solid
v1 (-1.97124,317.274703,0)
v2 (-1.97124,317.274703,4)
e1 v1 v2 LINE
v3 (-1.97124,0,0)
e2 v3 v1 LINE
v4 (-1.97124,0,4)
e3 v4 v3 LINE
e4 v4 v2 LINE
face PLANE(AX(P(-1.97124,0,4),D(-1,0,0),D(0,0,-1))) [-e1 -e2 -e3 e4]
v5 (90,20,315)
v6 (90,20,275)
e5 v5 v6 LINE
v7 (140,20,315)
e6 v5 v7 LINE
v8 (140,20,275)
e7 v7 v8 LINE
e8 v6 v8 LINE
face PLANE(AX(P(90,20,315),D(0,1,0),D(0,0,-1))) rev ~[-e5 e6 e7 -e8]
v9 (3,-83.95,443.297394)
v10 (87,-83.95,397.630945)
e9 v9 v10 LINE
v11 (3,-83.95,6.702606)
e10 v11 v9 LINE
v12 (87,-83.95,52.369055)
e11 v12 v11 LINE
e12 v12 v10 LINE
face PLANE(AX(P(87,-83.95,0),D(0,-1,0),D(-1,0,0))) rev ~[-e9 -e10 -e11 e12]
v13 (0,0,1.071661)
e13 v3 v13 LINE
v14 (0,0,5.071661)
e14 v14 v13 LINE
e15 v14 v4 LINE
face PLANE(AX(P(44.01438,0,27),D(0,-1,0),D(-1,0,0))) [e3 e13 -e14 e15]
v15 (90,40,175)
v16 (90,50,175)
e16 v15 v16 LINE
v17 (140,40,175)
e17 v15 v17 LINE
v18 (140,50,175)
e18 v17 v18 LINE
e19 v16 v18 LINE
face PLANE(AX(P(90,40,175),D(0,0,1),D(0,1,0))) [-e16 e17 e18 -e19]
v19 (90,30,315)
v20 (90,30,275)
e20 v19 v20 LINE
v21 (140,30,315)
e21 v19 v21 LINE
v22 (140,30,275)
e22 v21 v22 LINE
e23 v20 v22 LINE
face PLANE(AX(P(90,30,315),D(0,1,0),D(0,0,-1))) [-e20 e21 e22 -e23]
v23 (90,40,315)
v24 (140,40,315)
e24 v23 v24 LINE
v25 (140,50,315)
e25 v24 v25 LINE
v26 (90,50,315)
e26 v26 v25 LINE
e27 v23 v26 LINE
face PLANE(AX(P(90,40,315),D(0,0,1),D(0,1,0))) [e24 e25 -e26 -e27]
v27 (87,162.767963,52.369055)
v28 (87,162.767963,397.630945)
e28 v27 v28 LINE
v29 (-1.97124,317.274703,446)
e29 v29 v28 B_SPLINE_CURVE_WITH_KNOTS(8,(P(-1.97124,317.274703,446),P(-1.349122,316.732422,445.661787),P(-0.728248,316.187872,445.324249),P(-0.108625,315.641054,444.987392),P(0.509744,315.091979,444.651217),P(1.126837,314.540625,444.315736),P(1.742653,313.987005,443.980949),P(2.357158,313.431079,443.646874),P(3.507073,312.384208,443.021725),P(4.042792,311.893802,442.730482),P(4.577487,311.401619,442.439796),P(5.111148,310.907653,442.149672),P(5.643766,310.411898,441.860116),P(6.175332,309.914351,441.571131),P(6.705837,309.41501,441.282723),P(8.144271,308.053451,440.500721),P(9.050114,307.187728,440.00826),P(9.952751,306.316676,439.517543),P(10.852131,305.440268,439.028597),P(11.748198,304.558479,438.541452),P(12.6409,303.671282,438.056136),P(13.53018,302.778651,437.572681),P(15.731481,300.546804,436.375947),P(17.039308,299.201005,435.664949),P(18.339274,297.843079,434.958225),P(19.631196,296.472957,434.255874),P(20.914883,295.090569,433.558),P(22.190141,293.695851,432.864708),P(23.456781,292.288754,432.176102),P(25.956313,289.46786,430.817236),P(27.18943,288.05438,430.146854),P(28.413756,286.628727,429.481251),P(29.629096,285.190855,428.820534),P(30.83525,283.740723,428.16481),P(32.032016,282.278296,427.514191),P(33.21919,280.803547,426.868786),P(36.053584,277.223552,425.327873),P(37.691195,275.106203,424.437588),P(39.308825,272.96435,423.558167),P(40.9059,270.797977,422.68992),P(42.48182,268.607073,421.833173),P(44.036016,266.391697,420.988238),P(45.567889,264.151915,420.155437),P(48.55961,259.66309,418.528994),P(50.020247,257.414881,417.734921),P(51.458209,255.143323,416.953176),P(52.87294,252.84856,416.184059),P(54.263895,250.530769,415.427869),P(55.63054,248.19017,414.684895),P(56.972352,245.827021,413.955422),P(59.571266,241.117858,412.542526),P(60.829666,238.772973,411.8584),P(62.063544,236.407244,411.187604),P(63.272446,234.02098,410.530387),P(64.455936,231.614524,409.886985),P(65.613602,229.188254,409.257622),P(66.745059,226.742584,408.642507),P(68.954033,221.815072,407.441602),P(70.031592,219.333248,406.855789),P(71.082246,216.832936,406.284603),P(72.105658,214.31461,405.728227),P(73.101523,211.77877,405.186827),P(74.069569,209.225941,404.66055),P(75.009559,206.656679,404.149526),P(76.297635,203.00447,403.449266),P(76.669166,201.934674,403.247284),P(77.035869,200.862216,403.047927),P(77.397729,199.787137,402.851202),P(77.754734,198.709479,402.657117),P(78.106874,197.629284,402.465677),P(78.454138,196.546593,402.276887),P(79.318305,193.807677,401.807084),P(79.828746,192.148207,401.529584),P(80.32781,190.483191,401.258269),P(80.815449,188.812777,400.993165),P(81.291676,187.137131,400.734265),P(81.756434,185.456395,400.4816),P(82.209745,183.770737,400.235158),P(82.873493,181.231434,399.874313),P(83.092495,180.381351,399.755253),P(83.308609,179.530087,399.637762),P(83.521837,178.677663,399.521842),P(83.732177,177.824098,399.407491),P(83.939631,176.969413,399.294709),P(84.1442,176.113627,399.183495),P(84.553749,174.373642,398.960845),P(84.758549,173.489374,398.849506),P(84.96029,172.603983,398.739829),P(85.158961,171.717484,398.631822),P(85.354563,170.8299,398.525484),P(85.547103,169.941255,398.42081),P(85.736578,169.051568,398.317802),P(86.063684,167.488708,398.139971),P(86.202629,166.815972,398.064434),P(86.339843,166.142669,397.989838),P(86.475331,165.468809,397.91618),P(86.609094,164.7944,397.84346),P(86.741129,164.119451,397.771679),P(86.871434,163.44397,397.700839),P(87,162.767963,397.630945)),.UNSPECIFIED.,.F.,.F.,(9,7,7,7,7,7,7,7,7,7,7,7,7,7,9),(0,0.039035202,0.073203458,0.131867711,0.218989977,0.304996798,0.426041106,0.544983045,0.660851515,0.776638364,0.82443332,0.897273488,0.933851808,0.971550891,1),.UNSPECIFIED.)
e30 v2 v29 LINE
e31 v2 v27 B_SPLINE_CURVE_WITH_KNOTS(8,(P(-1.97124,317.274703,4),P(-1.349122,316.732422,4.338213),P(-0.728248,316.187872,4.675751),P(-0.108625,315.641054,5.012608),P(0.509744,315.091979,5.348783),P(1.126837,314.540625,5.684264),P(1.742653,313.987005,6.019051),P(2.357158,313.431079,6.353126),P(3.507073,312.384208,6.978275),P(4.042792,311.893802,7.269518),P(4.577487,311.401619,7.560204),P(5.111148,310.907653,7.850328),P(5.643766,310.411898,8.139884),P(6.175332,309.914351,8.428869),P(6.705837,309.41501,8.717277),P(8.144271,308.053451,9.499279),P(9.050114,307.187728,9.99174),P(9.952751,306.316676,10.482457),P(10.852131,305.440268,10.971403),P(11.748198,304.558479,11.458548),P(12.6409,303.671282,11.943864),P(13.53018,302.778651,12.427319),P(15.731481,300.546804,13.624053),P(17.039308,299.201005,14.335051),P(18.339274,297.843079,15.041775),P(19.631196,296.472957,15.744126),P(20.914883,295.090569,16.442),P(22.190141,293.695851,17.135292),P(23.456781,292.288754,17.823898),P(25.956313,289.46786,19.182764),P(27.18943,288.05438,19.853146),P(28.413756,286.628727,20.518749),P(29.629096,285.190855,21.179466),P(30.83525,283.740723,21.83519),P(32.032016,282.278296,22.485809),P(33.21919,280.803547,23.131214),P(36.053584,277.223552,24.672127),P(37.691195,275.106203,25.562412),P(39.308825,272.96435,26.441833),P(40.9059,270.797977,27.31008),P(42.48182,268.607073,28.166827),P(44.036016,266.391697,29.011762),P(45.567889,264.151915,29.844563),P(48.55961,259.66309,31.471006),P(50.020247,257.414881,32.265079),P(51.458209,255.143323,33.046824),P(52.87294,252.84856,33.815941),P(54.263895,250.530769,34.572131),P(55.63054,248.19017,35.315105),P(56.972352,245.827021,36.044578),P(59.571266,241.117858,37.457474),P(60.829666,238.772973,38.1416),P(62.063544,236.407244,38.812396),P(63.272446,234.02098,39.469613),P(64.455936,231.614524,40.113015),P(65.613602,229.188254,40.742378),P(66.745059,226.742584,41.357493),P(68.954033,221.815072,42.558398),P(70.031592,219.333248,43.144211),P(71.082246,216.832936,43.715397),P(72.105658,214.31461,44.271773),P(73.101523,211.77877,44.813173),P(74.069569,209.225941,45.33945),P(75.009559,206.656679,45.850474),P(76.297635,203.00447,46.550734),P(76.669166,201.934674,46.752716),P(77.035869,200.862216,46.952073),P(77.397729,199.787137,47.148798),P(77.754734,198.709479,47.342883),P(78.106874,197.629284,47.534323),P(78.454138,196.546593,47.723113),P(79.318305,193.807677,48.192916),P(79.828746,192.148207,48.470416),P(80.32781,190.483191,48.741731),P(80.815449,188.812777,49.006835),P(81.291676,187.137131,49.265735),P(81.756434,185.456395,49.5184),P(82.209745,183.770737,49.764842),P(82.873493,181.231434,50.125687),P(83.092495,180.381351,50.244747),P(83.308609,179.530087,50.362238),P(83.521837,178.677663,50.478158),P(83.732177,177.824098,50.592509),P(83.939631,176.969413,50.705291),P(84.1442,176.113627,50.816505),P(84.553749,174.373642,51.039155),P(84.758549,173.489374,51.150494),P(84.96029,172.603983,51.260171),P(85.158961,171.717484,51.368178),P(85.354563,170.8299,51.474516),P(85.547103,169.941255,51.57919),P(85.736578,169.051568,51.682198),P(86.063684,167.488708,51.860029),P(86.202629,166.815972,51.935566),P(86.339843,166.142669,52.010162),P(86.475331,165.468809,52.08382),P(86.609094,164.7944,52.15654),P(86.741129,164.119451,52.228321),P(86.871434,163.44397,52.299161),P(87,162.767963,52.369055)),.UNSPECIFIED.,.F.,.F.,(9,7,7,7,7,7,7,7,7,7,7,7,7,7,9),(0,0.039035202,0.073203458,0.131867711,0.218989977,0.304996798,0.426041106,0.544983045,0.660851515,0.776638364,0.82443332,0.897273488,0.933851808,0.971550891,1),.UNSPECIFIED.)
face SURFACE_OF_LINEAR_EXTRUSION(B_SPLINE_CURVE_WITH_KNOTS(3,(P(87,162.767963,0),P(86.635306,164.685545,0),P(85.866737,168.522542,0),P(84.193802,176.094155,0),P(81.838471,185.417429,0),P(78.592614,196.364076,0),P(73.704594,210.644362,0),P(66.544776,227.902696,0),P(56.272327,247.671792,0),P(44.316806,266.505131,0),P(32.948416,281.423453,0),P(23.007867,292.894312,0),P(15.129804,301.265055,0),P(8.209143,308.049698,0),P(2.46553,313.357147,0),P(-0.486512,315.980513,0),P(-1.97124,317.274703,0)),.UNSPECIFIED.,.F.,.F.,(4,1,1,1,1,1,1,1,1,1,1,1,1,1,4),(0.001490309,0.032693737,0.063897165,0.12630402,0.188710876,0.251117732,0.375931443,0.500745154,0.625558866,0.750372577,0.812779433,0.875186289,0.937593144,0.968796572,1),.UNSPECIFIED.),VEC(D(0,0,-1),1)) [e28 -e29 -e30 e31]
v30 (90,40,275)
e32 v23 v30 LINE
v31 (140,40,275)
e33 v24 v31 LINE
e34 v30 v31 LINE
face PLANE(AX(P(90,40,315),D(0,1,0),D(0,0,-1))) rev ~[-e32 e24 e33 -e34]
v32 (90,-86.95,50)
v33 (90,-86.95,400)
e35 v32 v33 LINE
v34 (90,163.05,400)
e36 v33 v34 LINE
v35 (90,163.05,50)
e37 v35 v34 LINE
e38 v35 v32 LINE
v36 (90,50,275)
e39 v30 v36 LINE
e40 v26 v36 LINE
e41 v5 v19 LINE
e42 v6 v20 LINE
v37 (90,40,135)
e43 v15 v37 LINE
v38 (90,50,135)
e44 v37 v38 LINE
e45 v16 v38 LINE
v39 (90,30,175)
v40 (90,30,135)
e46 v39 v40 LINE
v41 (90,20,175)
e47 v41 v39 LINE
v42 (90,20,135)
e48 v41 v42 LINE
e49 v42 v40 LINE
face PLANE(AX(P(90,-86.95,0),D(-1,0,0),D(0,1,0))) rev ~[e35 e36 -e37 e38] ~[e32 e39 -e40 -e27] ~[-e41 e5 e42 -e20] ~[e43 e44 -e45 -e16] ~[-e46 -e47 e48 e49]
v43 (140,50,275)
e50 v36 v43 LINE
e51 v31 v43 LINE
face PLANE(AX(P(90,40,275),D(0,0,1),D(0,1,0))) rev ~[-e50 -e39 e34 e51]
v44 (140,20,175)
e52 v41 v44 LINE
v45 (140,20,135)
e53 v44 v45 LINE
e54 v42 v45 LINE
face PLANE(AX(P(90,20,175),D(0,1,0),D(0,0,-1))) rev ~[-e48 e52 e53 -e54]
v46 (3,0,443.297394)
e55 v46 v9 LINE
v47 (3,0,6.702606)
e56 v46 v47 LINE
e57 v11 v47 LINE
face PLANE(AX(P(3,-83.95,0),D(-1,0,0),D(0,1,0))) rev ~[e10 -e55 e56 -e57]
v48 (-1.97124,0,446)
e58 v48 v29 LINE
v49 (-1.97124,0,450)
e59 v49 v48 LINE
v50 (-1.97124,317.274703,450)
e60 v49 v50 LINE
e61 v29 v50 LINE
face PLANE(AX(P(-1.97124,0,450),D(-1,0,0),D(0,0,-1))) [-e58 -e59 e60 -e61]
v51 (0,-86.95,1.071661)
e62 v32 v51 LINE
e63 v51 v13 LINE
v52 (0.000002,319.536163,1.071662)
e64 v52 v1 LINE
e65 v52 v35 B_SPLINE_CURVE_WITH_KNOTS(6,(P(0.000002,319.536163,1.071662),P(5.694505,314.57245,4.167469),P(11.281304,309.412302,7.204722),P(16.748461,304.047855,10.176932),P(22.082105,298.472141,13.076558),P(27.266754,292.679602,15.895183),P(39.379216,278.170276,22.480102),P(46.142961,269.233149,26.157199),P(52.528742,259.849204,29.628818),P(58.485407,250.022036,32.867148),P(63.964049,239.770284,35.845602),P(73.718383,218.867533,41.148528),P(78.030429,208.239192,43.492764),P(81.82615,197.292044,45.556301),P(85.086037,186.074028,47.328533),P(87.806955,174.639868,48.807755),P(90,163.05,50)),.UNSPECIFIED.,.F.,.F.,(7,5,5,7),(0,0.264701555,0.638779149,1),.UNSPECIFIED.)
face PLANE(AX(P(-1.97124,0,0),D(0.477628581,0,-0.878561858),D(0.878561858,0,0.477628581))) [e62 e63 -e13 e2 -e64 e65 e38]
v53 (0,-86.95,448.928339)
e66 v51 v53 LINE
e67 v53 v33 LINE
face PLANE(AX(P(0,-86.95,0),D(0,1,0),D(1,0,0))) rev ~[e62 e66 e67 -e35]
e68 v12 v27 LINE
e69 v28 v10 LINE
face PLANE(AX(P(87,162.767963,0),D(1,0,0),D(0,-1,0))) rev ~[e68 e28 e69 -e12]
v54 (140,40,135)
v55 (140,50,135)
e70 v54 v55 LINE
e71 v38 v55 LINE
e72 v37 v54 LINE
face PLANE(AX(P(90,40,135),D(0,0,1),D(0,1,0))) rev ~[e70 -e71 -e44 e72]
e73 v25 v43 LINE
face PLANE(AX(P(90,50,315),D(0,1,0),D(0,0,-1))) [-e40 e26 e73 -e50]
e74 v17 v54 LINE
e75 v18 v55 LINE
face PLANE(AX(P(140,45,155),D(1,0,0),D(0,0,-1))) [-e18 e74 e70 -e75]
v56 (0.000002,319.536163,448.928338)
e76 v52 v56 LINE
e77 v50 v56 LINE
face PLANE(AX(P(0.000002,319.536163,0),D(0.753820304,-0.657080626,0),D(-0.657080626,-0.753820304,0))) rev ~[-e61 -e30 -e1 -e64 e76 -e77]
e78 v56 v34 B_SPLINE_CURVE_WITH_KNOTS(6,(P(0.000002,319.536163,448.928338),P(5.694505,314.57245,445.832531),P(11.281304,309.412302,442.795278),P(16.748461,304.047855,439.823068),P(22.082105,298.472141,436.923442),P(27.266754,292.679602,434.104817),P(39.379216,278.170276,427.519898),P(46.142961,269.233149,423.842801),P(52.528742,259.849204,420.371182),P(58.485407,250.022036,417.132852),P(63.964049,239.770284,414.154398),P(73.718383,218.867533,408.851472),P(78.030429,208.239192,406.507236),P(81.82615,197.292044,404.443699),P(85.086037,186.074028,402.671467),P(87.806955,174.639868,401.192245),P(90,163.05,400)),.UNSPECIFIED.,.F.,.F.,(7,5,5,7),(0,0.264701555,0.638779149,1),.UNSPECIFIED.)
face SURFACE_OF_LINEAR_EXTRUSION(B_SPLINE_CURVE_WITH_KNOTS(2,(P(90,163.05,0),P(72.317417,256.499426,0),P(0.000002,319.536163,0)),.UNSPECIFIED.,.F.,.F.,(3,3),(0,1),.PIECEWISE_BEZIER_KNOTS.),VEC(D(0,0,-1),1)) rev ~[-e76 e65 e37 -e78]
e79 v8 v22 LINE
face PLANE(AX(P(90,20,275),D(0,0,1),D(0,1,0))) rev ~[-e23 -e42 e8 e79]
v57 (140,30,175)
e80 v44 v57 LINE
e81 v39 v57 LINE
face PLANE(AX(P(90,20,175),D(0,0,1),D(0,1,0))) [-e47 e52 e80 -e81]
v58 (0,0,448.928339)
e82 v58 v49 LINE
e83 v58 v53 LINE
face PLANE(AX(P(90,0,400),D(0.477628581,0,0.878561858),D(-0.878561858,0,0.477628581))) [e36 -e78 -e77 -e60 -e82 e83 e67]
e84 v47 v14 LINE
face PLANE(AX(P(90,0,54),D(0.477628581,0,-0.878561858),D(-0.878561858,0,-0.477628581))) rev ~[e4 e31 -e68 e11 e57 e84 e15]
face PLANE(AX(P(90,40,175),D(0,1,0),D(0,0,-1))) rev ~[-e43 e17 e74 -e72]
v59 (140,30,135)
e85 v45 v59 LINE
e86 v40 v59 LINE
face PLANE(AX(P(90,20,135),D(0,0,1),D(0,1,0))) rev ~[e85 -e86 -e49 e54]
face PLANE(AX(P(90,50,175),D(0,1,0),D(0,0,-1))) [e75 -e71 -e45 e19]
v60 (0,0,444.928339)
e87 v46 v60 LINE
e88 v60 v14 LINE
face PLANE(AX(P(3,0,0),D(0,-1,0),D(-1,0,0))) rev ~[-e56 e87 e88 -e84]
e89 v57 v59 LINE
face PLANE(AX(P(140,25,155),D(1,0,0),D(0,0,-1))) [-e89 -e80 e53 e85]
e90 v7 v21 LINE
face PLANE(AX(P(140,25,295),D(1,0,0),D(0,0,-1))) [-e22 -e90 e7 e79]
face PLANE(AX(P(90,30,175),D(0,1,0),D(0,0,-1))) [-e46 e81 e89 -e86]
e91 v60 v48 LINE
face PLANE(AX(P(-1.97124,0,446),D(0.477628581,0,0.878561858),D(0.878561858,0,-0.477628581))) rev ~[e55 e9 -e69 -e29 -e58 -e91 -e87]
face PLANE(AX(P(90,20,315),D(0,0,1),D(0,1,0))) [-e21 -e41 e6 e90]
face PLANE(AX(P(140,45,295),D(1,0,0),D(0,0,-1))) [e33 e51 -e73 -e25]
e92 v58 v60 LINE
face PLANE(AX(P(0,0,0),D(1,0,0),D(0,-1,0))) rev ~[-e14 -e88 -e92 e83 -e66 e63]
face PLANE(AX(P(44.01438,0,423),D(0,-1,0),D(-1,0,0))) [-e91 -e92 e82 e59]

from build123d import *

# Parameters (mm, degrees)
BOSS_EXTRUDE1_DEPTH             = 450
CUT_EXTRUDE1_DEPTH              = 320.536163525
CUT_EXTRUDE1_DEPTH_BACK         = 87.9500001
BOSS_EXTRUDE2_REACH             = 321.536
BOSS_EXTRUDE2_DIRECTION_2_REACH = 88.95
SKETCH4_W                       = 40
SKETCH4_H                       = 10
BOSS_EXTRUDE3_DEPTH             = 50


with BuildPart() as part:
    # Sketch1 → Boss-Extrude1 (new body)
    with BuildSketch(Plane.XY):
        with BuildLine():
            Line((0, 0), (0, -86.95))
            Line((0, -86.95), (90, -86.95))
            Line((90, -86.95), (90, 163.05))
            add(Edge.make_bspline(
                [(90, 163.05), (72.317416943, 256.499426115), (1.7e-06, 319.536163425)],
                knots=[0, 0, 0, 1, 1, 1], degree=2))
            Line((1.7e-06, 319.536163425), (-1.971240178, 317.274702513))
            add(Edge.make_bspline(
                [(87, 162.76796294), (86.63530579, 164.685544789), (85.866737034, 168.522541651), (84.193801862, 176.09415534), (81.838470508, 185.417428941), (78.592614297, 196.364076295), (73.704594381, 210.644362496), (66.544776494, 227.902696365), (56.272326819, 247.671791898), (44.316806262, 266.505130738), (32.948415938, 281.423453125), (23.007866651, 292.89431167), (15.129804099, 301.265055213), (8.209142943, 308.04969842), (2.465529724, 313.357146881), (-0.486511784, 315.980513091), (-1.971240178, 317.274702513)],
                knots=[0.001490309, 0.001490309, 0.001490309, 0.001490309, 0.032693737, 0.063897165, 0.12630402, 0.188710876, 0.251117732, 0.375931443, 0.500745154, 0.625558866, 0.750372577, 0.812779433, 0.875186289, 0.937593144, 0.968796572, 1, 1, 1, 1], degree=3))
            Line((87, 162.76796294), (87, -83.95))
            Line((87, -83.95), (3, -83.95))
            Line((3, -83.95), (3, 0))
            Line((3, 0), (0, 0))
        make_face()
    extrude(amount=BOSS_EXTRUDE1_DEPTH)

    # Sketch2 → Cut-Extrude1 (cut, two sides)
    with BuildSketch(Plane(origin=(0, 0, 0), x_dir=(1, 0, 0), z_dir=(0, 1, 0))) as cut_extrude1_sk:
        Polygon((-1.971240178, -450), (90, -400), (90, -450), align=None)
        Polygon((90, 0), (90, -50), (-1.971240178, 0), align=None)
    extrude(amount=CUT_EXTRUDE1_DEPTH, mode=Mode.SUBTRACT)
    extrude(cut_extrude1_sk.sketch, amount=-CUT_EXTRUDE1_DEPTH_BACK, mode=Mode.SUBTRACT)

    # Sketch3 → Boss-Extrude2 (add, up to next)
    with BuildSketch(Plane(origin=(0, 0, 0), x_dir=(1, 0, 0), z_dir=(0, 1, 0)), mode=Mode.PRIVATE) as boss_extrude2_sk1:
        Polygon((-1.971240178, -446), (90, -396), (90, -400), (-1.971240178, -450), align=None)
    boss_extrude2_tool1 = extrude(boss_extrude2_sk1.sketch, amount=BOSS_EXTRUDE2_REACH, mode=Mode.PRIVATE) - part.part
    add(boss_extrude2_tool1.solids().sort_by_distance((44.01438, 0, 423))[0])
    # Sketch3 → Boss-Extrude2 (add, up to next)
    with BuildSketch(Plane(origin=(0, 0, 0), x_dir=(1, 0, 0), z_dir=(0, 1, 0)), mode=Mode.PRIVATE) as boss_extrude2_sk2:
        Polygon((-1.971240178, -4), (-1.971240178, 0), (90, -50), (90, -54), align=None)
    boss_extrude2_tool2 = extrude(boss_extrude2_sk2.sketch, amount=BOSS_EXTRUDE2_REACH, mode=Mode.PRIVATE) - part.part
    add(boss_extrude2_tool2.solids().sort_by_distance((44.01438, 0, 27))[0])

    # Sketch3 → Boss-Extrude2 direction 2 (add, up to next)
    with BuildSketch(Plane(origin=(0, 0, 0), x_dir=(1, 0, 0), z_dir=(0, 1, 0)), mode=Mode.PRIVATE) as boss_extrude2_direction_2_sk1:
        Polygon((-1.971240178, -446), (90, -396), (90, -400), (-1.971240178, -450), align=None)
    boss_extrude2_direction_2_tool1 = extrude(boss_extrude2_direction_2_sk1.sketch, amount=-BOSS_EXTRUDE2_DIRECTION_2_REACH, mode=Mode.PRIVATE) - part.part
    add(boss_extrude2_direction_2_tool1.solids().sort_by_distance((44.01438, 0, 423))[0])
    # Sketch3 → Boss-Extrude2 direction 2 (add, up to next)
    with BuildSketch(Plane(origin=(0, 0, 0), x_dir=(1, 0, 0), z_dir=(0, 1, 0)), mode=Mode.PRIVATE) as boss_extrude2_direction_2_sk2:
        Polygon((-1.971240178, -4), (-1.971240178, 0), (90, -50), (90, -54), align=None)
    boss_extrude2_direction_2_tool2 = extrude(boss_extrude2_direction_2_sk2.sketch, amount=-BOSS_EXTRUDE2_DIRECTION_2_REACH, mode=Mode.PRIVATE) - part.part
    add(boss_extrude2_direction_2_tool2.solids().sort_by_distance((44.01438, 0, 27))[0])

    # Sketch4 → Boss-Extrude3 (add)
    with BuildSketch(Plane(origin=(90, 0, 0), x_dir=(0, 0, -1), z_dir=(1, 0, 0))):
        with Locations((-295, 25)):
            Rectangle(SKETCH4_W, SKETCH4_H)
        with Locations((-155, 45)):
            Rectangle(SKETCH4_W, SKETCH4_H)
        with Locations((-155, 25)):
            Rectangle(SKETCH4_W, SKETCH4_H)
        with Locations((-295, 45)):
            Rectangle(SKETCH4_W, SKETCH4_H)
    extrude(amount=BOSS_EXTRUDE3_DEPTH)


solid = part.part
